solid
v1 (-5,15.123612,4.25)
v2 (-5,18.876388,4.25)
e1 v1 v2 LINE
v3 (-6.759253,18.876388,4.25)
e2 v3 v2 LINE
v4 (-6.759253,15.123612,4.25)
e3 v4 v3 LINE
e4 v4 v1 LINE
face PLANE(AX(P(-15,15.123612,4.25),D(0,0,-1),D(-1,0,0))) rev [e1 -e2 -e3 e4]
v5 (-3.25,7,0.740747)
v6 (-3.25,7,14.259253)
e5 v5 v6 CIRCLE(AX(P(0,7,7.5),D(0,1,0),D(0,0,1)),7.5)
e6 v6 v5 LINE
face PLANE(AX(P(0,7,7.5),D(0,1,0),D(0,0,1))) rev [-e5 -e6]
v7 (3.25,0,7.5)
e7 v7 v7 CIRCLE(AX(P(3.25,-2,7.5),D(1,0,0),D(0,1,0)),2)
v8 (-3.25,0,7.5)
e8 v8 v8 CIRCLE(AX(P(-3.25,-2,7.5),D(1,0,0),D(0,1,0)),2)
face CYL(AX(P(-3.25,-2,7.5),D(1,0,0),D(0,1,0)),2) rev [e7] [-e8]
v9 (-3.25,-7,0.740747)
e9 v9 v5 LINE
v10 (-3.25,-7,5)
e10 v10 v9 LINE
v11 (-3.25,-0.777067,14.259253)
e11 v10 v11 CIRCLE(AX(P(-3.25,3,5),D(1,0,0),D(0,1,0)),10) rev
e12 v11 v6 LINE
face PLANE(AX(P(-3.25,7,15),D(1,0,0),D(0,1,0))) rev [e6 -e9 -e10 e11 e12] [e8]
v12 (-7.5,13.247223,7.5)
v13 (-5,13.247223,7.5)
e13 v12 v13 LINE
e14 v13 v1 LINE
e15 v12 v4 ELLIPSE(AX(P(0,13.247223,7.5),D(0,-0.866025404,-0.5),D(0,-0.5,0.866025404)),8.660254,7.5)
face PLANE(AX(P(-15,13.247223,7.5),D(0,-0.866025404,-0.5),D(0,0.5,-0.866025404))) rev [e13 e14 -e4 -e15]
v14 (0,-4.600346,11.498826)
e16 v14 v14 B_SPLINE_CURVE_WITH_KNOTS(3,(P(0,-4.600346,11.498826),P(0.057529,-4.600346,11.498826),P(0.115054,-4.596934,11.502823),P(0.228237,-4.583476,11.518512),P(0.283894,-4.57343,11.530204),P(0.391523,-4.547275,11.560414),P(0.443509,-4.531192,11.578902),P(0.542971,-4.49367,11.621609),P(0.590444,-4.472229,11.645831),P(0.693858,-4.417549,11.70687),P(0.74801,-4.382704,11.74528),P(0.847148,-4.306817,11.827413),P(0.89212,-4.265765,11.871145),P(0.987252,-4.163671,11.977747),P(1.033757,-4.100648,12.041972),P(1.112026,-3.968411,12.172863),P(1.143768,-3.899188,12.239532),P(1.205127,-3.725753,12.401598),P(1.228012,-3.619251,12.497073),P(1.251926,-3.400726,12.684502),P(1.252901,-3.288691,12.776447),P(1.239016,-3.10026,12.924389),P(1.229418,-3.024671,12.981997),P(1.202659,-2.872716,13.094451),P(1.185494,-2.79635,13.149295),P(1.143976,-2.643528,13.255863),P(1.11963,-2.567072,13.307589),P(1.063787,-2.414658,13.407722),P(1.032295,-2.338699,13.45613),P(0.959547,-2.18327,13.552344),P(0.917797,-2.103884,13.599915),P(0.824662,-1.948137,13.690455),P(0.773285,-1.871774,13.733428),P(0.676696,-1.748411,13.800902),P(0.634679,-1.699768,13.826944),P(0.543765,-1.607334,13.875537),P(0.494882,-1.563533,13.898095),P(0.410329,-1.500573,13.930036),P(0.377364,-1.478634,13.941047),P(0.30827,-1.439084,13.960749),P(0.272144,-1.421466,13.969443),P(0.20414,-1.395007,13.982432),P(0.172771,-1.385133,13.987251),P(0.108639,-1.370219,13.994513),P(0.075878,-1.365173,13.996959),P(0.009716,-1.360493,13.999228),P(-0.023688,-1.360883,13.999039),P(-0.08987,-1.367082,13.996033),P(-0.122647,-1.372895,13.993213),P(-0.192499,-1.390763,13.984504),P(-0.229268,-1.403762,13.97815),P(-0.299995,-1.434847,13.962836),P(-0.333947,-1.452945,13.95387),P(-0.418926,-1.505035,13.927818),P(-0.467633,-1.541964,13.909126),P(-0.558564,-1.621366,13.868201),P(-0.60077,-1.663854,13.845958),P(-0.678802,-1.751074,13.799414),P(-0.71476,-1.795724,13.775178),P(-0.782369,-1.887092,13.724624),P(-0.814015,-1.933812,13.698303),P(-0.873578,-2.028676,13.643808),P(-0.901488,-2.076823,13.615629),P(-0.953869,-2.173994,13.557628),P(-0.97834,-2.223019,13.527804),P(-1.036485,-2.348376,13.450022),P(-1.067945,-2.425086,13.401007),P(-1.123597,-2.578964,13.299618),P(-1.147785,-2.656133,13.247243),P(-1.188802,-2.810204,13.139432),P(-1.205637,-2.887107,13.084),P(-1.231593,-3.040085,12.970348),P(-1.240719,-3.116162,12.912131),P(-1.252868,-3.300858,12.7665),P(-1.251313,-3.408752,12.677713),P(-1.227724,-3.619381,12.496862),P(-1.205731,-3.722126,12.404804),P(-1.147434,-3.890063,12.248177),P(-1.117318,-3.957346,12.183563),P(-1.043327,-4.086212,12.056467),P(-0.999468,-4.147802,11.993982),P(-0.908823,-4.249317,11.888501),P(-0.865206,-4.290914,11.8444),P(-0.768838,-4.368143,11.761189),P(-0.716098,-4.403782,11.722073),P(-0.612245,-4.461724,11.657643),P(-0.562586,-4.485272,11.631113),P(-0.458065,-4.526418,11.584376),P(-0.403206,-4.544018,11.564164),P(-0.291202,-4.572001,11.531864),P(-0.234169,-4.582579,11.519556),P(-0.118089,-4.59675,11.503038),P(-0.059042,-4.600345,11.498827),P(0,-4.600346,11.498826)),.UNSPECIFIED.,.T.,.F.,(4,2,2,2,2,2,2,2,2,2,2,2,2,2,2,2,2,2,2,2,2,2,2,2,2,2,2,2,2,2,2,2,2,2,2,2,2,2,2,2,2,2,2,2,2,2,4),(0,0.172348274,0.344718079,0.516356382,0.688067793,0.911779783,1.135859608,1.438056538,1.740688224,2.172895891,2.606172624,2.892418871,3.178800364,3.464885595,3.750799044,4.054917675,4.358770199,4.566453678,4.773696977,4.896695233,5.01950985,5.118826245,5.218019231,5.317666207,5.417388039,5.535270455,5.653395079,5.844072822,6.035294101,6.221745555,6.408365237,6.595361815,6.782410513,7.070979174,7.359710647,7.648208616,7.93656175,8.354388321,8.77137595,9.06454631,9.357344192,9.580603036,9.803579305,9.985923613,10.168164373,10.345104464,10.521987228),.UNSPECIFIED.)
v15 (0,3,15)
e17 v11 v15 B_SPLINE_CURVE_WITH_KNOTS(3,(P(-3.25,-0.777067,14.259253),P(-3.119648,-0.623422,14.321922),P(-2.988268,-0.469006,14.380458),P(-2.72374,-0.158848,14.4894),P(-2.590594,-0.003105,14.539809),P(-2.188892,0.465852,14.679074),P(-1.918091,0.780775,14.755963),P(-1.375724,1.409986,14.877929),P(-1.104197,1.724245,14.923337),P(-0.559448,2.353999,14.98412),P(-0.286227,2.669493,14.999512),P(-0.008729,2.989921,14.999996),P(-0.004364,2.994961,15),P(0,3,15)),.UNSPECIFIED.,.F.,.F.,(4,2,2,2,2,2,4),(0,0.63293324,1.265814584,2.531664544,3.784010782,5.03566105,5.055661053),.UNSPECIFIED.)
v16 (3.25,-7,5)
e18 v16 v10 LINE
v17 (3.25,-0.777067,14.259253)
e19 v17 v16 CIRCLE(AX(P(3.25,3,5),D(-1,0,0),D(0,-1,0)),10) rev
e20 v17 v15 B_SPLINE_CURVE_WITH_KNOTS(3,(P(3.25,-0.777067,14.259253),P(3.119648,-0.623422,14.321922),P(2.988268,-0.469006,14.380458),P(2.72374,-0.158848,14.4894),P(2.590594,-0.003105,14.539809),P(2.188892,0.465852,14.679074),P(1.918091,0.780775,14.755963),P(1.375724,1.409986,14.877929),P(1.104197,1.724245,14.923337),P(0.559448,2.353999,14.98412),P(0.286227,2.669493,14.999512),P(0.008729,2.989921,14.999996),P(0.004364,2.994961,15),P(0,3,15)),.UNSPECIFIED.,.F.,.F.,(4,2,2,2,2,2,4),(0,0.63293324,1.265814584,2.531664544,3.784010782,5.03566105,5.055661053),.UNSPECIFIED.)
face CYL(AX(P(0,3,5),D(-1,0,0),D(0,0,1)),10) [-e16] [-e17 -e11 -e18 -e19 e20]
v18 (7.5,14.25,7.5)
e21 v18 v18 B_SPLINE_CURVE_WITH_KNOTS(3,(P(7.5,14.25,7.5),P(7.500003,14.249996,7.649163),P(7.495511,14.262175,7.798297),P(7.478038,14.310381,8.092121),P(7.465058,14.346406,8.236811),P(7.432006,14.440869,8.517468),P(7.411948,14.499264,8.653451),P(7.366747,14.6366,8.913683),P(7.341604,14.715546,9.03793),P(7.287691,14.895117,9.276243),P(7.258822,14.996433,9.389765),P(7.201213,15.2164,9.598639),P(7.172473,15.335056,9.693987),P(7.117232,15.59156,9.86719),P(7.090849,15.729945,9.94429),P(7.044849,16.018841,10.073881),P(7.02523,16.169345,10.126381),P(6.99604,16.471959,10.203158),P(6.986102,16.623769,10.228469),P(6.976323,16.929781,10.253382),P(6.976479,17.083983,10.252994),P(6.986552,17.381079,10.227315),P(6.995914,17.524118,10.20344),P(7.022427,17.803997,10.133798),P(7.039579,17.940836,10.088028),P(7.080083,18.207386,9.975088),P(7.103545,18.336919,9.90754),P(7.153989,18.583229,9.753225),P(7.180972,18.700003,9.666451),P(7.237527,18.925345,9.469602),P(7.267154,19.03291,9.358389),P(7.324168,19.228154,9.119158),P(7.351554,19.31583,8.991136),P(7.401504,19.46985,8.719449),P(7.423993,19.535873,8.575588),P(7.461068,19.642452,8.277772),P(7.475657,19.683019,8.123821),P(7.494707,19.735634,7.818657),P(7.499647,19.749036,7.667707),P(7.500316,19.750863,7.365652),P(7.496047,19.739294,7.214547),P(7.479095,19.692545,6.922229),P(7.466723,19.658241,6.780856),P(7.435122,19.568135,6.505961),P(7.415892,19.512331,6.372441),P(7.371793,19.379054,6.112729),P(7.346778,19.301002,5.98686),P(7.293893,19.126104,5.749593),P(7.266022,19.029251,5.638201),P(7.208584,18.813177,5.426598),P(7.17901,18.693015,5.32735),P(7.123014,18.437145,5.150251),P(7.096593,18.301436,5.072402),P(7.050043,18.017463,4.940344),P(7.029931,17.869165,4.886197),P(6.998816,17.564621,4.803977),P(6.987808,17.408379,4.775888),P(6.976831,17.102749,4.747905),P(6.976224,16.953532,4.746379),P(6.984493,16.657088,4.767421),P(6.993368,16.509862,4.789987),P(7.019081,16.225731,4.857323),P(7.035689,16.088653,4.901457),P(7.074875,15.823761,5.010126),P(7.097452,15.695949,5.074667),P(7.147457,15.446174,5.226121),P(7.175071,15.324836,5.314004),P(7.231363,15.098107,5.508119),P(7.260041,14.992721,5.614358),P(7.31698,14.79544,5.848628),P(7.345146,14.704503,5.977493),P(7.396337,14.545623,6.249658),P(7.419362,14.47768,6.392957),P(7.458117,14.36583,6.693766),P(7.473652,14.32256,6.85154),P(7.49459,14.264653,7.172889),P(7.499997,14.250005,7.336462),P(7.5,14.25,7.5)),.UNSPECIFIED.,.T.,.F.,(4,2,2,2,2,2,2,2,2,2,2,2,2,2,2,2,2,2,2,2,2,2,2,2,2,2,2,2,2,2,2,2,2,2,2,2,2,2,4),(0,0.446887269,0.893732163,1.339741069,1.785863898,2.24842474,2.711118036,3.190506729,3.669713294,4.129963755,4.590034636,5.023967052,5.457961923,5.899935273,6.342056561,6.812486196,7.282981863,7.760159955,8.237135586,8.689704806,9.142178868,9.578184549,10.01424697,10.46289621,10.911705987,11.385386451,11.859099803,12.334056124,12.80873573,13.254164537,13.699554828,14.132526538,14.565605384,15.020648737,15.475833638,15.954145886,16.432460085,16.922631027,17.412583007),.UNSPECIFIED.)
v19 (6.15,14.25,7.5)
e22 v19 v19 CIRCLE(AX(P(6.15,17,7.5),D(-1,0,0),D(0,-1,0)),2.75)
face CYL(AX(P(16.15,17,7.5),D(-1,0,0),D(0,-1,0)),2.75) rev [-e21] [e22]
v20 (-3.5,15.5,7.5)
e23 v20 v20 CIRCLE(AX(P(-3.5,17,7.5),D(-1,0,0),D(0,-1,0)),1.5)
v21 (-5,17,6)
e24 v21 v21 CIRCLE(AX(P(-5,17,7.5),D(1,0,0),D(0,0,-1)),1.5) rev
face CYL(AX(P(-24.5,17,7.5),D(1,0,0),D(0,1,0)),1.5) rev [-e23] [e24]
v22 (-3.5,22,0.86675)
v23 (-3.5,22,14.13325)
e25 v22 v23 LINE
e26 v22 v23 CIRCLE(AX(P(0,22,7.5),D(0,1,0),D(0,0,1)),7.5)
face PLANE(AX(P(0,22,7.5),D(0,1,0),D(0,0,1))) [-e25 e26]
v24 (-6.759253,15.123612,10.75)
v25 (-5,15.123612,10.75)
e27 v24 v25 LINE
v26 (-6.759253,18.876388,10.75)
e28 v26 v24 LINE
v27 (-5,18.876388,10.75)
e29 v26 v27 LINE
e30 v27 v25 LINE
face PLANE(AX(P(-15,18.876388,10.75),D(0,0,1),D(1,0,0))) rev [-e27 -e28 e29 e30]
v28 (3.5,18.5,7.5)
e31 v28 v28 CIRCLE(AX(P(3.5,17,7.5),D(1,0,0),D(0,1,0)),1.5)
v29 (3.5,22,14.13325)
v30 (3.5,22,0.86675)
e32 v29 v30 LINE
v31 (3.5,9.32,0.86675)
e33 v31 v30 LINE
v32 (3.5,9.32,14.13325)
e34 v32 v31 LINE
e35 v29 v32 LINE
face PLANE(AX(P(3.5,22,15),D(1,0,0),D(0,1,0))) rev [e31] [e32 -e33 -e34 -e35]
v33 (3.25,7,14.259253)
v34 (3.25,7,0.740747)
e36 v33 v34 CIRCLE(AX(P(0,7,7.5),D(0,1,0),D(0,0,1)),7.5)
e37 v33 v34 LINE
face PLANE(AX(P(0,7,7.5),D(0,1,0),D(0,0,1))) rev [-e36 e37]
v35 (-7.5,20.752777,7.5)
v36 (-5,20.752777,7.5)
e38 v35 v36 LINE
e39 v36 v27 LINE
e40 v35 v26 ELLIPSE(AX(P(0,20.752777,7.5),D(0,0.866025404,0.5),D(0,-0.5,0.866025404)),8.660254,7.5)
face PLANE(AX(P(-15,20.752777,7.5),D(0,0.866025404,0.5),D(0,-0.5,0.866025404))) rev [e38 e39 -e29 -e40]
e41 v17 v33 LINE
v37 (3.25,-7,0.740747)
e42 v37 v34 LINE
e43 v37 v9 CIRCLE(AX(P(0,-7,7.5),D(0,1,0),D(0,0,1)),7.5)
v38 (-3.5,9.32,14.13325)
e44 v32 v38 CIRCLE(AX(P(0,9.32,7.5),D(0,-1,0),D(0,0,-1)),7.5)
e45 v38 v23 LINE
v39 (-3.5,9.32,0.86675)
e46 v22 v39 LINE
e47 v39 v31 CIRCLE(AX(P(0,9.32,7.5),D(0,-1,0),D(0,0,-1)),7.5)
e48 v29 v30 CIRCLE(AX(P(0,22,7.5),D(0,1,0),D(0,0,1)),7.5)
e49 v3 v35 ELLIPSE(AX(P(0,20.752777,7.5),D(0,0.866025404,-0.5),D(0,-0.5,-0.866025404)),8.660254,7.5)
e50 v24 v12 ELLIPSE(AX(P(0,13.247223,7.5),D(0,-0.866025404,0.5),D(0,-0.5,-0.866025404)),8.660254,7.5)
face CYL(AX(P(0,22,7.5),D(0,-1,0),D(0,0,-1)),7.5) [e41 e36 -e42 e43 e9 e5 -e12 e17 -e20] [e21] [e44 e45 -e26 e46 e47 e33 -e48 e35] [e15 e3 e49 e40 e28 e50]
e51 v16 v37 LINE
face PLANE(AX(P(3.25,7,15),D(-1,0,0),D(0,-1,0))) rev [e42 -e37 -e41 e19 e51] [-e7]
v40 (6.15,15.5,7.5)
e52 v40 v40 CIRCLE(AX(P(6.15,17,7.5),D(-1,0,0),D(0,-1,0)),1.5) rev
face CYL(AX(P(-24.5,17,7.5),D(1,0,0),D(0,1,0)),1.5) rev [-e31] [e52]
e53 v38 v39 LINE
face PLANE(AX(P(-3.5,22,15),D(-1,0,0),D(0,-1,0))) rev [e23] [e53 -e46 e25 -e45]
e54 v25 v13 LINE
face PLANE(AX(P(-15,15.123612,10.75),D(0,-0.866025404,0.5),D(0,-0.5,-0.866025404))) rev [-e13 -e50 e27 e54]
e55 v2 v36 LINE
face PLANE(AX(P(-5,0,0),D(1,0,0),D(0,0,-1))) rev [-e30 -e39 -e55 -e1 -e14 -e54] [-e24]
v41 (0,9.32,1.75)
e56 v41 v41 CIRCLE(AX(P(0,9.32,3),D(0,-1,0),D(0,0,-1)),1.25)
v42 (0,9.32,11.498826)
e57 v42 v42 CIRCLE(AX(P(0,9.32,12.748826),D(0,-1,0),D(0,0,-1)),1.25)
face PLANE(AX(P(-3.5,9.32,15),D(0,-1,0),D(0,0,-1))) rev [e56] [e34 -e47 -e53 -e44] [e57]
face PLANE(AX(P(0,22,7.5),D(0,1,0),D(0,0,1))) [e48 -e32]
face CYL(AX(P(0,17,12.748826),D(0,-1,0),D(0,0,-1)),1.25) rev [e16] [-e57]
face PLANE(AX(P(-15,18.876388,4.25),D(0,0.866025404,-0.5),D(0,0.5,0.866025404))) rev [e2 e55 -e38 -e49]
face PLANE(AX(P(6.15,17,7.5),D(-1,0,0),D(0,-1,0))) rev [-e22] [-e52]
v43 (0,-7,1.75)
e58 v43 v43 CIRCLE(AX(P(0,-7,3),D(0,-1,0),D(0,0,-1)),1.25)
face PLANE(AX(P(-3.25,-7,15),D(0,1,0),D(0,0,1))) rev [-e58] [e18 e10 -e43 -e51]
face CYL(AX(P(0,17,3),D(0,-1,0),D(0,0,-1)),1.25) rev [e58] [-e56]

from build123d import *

# Parameters (mm, degrees)
SKETCH1_W           = 6.5
SKETCH1_H           = 14
BOSS_EXTRUDE1_DEPTH = 15
FILLET1_R           = 10
SKETCH2_R           = 2
CUT_EXTRUDE1_DEPTH  = 18.783419244
SKETCH4_R           = 7.5
BOSS_EXTRUDE2_DEPTH = 15
SKETCH6_W           = 7
SKETCH6_H           = 12.68
CUT_EXTRUDE2_DEPTH  = 28.663152387
CUT_EXTRUDE3_DEPTH  = 23.5
SKETCH8_R           = 1.5
CUT_EXTRUDE4_DEPTH  = 21
SKETCH9_R           = 2.75
CUT_EXTRUDE5_DEPTH  = 10
CUT_EXTRUDE6_DEPTH  = 10
SKETCH11_R          = 1.25
CUT_EXTRUDE7_DEPTH  = 24


with BuildPart() as part:
    # Sketch1 → Boss-Extrude1 (new body)
    with BuildSketch(Plane.XY):
        Rectangle(SKETCH1_W, SKETCH1_H)
    extrude(amount=BOSS_EXTRUDE1_DEPTH)

    # Fillet1
    fillet1_edges = [part.edges().sort_by_distance(p)[0] for p in [
        (0, -7, 15),
    ]]
    fillet(fillet1_edges, radius=FILLET1_R)

    # Sketch2 → Cut-Extrude1 (cut, through all)
    with BuildSketch(Plane(origin=(3.25, 0, 0), x_dir=(0, 0, -1), z_dir=(1, 0, 0))):
        with Locations((-7.5, -2)):
            Circle(SKETCH2_R)
    extrude(amount=-CUT_EXTRUDE1_DEPTH, mode=Mode.SUBTRACT)

    # Sketch4 → Boss-Extrude2 (add)
    with BuildSketch(Plane(origin=(0, 7, 0), x_dir=(1, 0, 0), z_dir=(0, 1, 0))):
        with Locations((0, -7.5)):
            Circle(SKETCH4_R)
    extrude(amount=BOSS_EXTRUDE2_DEPTH)

    # Sketch6 → Cut-Extrude2 (cut, through all)
    with BuildSketch(Plane(origin=(0, 0, 0), x_dir=(-1, 0, 0), z_dir=(0, 0, -1))):
        with Locations((0, 15.66)):
            Rectangle(SKETCH6_W, SKETCH6_H)
    extrude(amount=-CUT_EXTRUDE2_DEPTH, mode=Mode.SUBTRACT)

    # Sketch7 → Cut-Extrude3 (cut, through all)
    with BuildSketch(Plane(origin=(0, 7, 0), x_dir=(1, 0, 0), z_dir=(0, 1, 0))):
        with BuildLine():
            ThreePointArc((0, -15), (-1.666673801, -14.812468697), (-3.25, -14.259252917))
            Line((-3.25, -14.259252917), (-3.25, -15))
            Line((-3.25, -15), (0, -15))
        make_face()
        with BuildLine():
            ThreePointArc((3.25, -14.259252917), (1.666673801, -14.812468697), (0, -15))
            Line((0, -15), (3.25, -15))
            Line((3.25, -15), (3.25, -14.259252917))
        make_face()
        with BuildLine():
            ThreePointArc((-3.25, -0.740747083), (-1.666673801, -0.187531303), (0, 0))
            Line((0, 0), (-3.25, 0))
            Line((-3.25, 0), (-3.25, -0.740747083))
        make_face()
        with BuildLine():
            Line((3.25, 0), (0, 0))
            ThreePointArc((0, 0), (1.666673801, -0.187531303), (3.25, -0.740747083))
            Line((3.25, -0.740747083), (3.25, 0))
        make_face()
    extrude(amount=-CUT_EXTRUDE3_DEPTH, mode=Mode.SUBTRACT)

    # Sketch8 → Cut-Extrude4 (cut, symmetric)
    with BuildSketch(Plane(origin=(-3.5, 0, 0), x_dir=(0, 0, -1), z_dir=(1, 0, 0))):
        with Locations((-7.5, 17)):
            Circle(SKETCH8_R)
    extrude(amount=CUT_EXTRUDE4_DEPTH, both=True, mode=Mode.SUBTRACT)

    # Sketch9 → Cut-Extrude5 (cut)
    with BuildSketch(Plane.ZY.offset(-6.15)):
        with Locations((7.5, 17)):
            Circle(SKETCH9_R)
    extrude(amount=-CUT_EXTRUDE5_DEPTH, mode=Mode.SUBTRACT)

    # Sketch10 → Cut-Extrude6 (cut)
    with BuildSketch(Plane(origin=(-5, 0, 0), x_dir=(0, 0, -1), z_dir=(1, 0, 0))):
        Polygon((-7.5, 20.75277675), (-10.75, 18.876388375), (-10.75, 15.123611625), (-7.5, 13.24722325), (-4.25, 15.123611625), (-4.25, 18.876388375), align=None)
    extrude(amount=-CUT_EXTRUDE6_DEPTH, mode=Mode.SUBTRACT)

    # Sketch11 → Cut-Extrude7 (cut)
    with BuildSketch(Plane.XZ.offset(7)):
        with Locations((0, 3)):
            Circle(SKETCH11_R)
        with Locations((0, 12.74882624)):
            Circle(SKETCH11_R)
    extrude(amount=-CUT_EXTRUDE7_DEPTH, mode=Mode.SUBTRACT)


solid = part.part
